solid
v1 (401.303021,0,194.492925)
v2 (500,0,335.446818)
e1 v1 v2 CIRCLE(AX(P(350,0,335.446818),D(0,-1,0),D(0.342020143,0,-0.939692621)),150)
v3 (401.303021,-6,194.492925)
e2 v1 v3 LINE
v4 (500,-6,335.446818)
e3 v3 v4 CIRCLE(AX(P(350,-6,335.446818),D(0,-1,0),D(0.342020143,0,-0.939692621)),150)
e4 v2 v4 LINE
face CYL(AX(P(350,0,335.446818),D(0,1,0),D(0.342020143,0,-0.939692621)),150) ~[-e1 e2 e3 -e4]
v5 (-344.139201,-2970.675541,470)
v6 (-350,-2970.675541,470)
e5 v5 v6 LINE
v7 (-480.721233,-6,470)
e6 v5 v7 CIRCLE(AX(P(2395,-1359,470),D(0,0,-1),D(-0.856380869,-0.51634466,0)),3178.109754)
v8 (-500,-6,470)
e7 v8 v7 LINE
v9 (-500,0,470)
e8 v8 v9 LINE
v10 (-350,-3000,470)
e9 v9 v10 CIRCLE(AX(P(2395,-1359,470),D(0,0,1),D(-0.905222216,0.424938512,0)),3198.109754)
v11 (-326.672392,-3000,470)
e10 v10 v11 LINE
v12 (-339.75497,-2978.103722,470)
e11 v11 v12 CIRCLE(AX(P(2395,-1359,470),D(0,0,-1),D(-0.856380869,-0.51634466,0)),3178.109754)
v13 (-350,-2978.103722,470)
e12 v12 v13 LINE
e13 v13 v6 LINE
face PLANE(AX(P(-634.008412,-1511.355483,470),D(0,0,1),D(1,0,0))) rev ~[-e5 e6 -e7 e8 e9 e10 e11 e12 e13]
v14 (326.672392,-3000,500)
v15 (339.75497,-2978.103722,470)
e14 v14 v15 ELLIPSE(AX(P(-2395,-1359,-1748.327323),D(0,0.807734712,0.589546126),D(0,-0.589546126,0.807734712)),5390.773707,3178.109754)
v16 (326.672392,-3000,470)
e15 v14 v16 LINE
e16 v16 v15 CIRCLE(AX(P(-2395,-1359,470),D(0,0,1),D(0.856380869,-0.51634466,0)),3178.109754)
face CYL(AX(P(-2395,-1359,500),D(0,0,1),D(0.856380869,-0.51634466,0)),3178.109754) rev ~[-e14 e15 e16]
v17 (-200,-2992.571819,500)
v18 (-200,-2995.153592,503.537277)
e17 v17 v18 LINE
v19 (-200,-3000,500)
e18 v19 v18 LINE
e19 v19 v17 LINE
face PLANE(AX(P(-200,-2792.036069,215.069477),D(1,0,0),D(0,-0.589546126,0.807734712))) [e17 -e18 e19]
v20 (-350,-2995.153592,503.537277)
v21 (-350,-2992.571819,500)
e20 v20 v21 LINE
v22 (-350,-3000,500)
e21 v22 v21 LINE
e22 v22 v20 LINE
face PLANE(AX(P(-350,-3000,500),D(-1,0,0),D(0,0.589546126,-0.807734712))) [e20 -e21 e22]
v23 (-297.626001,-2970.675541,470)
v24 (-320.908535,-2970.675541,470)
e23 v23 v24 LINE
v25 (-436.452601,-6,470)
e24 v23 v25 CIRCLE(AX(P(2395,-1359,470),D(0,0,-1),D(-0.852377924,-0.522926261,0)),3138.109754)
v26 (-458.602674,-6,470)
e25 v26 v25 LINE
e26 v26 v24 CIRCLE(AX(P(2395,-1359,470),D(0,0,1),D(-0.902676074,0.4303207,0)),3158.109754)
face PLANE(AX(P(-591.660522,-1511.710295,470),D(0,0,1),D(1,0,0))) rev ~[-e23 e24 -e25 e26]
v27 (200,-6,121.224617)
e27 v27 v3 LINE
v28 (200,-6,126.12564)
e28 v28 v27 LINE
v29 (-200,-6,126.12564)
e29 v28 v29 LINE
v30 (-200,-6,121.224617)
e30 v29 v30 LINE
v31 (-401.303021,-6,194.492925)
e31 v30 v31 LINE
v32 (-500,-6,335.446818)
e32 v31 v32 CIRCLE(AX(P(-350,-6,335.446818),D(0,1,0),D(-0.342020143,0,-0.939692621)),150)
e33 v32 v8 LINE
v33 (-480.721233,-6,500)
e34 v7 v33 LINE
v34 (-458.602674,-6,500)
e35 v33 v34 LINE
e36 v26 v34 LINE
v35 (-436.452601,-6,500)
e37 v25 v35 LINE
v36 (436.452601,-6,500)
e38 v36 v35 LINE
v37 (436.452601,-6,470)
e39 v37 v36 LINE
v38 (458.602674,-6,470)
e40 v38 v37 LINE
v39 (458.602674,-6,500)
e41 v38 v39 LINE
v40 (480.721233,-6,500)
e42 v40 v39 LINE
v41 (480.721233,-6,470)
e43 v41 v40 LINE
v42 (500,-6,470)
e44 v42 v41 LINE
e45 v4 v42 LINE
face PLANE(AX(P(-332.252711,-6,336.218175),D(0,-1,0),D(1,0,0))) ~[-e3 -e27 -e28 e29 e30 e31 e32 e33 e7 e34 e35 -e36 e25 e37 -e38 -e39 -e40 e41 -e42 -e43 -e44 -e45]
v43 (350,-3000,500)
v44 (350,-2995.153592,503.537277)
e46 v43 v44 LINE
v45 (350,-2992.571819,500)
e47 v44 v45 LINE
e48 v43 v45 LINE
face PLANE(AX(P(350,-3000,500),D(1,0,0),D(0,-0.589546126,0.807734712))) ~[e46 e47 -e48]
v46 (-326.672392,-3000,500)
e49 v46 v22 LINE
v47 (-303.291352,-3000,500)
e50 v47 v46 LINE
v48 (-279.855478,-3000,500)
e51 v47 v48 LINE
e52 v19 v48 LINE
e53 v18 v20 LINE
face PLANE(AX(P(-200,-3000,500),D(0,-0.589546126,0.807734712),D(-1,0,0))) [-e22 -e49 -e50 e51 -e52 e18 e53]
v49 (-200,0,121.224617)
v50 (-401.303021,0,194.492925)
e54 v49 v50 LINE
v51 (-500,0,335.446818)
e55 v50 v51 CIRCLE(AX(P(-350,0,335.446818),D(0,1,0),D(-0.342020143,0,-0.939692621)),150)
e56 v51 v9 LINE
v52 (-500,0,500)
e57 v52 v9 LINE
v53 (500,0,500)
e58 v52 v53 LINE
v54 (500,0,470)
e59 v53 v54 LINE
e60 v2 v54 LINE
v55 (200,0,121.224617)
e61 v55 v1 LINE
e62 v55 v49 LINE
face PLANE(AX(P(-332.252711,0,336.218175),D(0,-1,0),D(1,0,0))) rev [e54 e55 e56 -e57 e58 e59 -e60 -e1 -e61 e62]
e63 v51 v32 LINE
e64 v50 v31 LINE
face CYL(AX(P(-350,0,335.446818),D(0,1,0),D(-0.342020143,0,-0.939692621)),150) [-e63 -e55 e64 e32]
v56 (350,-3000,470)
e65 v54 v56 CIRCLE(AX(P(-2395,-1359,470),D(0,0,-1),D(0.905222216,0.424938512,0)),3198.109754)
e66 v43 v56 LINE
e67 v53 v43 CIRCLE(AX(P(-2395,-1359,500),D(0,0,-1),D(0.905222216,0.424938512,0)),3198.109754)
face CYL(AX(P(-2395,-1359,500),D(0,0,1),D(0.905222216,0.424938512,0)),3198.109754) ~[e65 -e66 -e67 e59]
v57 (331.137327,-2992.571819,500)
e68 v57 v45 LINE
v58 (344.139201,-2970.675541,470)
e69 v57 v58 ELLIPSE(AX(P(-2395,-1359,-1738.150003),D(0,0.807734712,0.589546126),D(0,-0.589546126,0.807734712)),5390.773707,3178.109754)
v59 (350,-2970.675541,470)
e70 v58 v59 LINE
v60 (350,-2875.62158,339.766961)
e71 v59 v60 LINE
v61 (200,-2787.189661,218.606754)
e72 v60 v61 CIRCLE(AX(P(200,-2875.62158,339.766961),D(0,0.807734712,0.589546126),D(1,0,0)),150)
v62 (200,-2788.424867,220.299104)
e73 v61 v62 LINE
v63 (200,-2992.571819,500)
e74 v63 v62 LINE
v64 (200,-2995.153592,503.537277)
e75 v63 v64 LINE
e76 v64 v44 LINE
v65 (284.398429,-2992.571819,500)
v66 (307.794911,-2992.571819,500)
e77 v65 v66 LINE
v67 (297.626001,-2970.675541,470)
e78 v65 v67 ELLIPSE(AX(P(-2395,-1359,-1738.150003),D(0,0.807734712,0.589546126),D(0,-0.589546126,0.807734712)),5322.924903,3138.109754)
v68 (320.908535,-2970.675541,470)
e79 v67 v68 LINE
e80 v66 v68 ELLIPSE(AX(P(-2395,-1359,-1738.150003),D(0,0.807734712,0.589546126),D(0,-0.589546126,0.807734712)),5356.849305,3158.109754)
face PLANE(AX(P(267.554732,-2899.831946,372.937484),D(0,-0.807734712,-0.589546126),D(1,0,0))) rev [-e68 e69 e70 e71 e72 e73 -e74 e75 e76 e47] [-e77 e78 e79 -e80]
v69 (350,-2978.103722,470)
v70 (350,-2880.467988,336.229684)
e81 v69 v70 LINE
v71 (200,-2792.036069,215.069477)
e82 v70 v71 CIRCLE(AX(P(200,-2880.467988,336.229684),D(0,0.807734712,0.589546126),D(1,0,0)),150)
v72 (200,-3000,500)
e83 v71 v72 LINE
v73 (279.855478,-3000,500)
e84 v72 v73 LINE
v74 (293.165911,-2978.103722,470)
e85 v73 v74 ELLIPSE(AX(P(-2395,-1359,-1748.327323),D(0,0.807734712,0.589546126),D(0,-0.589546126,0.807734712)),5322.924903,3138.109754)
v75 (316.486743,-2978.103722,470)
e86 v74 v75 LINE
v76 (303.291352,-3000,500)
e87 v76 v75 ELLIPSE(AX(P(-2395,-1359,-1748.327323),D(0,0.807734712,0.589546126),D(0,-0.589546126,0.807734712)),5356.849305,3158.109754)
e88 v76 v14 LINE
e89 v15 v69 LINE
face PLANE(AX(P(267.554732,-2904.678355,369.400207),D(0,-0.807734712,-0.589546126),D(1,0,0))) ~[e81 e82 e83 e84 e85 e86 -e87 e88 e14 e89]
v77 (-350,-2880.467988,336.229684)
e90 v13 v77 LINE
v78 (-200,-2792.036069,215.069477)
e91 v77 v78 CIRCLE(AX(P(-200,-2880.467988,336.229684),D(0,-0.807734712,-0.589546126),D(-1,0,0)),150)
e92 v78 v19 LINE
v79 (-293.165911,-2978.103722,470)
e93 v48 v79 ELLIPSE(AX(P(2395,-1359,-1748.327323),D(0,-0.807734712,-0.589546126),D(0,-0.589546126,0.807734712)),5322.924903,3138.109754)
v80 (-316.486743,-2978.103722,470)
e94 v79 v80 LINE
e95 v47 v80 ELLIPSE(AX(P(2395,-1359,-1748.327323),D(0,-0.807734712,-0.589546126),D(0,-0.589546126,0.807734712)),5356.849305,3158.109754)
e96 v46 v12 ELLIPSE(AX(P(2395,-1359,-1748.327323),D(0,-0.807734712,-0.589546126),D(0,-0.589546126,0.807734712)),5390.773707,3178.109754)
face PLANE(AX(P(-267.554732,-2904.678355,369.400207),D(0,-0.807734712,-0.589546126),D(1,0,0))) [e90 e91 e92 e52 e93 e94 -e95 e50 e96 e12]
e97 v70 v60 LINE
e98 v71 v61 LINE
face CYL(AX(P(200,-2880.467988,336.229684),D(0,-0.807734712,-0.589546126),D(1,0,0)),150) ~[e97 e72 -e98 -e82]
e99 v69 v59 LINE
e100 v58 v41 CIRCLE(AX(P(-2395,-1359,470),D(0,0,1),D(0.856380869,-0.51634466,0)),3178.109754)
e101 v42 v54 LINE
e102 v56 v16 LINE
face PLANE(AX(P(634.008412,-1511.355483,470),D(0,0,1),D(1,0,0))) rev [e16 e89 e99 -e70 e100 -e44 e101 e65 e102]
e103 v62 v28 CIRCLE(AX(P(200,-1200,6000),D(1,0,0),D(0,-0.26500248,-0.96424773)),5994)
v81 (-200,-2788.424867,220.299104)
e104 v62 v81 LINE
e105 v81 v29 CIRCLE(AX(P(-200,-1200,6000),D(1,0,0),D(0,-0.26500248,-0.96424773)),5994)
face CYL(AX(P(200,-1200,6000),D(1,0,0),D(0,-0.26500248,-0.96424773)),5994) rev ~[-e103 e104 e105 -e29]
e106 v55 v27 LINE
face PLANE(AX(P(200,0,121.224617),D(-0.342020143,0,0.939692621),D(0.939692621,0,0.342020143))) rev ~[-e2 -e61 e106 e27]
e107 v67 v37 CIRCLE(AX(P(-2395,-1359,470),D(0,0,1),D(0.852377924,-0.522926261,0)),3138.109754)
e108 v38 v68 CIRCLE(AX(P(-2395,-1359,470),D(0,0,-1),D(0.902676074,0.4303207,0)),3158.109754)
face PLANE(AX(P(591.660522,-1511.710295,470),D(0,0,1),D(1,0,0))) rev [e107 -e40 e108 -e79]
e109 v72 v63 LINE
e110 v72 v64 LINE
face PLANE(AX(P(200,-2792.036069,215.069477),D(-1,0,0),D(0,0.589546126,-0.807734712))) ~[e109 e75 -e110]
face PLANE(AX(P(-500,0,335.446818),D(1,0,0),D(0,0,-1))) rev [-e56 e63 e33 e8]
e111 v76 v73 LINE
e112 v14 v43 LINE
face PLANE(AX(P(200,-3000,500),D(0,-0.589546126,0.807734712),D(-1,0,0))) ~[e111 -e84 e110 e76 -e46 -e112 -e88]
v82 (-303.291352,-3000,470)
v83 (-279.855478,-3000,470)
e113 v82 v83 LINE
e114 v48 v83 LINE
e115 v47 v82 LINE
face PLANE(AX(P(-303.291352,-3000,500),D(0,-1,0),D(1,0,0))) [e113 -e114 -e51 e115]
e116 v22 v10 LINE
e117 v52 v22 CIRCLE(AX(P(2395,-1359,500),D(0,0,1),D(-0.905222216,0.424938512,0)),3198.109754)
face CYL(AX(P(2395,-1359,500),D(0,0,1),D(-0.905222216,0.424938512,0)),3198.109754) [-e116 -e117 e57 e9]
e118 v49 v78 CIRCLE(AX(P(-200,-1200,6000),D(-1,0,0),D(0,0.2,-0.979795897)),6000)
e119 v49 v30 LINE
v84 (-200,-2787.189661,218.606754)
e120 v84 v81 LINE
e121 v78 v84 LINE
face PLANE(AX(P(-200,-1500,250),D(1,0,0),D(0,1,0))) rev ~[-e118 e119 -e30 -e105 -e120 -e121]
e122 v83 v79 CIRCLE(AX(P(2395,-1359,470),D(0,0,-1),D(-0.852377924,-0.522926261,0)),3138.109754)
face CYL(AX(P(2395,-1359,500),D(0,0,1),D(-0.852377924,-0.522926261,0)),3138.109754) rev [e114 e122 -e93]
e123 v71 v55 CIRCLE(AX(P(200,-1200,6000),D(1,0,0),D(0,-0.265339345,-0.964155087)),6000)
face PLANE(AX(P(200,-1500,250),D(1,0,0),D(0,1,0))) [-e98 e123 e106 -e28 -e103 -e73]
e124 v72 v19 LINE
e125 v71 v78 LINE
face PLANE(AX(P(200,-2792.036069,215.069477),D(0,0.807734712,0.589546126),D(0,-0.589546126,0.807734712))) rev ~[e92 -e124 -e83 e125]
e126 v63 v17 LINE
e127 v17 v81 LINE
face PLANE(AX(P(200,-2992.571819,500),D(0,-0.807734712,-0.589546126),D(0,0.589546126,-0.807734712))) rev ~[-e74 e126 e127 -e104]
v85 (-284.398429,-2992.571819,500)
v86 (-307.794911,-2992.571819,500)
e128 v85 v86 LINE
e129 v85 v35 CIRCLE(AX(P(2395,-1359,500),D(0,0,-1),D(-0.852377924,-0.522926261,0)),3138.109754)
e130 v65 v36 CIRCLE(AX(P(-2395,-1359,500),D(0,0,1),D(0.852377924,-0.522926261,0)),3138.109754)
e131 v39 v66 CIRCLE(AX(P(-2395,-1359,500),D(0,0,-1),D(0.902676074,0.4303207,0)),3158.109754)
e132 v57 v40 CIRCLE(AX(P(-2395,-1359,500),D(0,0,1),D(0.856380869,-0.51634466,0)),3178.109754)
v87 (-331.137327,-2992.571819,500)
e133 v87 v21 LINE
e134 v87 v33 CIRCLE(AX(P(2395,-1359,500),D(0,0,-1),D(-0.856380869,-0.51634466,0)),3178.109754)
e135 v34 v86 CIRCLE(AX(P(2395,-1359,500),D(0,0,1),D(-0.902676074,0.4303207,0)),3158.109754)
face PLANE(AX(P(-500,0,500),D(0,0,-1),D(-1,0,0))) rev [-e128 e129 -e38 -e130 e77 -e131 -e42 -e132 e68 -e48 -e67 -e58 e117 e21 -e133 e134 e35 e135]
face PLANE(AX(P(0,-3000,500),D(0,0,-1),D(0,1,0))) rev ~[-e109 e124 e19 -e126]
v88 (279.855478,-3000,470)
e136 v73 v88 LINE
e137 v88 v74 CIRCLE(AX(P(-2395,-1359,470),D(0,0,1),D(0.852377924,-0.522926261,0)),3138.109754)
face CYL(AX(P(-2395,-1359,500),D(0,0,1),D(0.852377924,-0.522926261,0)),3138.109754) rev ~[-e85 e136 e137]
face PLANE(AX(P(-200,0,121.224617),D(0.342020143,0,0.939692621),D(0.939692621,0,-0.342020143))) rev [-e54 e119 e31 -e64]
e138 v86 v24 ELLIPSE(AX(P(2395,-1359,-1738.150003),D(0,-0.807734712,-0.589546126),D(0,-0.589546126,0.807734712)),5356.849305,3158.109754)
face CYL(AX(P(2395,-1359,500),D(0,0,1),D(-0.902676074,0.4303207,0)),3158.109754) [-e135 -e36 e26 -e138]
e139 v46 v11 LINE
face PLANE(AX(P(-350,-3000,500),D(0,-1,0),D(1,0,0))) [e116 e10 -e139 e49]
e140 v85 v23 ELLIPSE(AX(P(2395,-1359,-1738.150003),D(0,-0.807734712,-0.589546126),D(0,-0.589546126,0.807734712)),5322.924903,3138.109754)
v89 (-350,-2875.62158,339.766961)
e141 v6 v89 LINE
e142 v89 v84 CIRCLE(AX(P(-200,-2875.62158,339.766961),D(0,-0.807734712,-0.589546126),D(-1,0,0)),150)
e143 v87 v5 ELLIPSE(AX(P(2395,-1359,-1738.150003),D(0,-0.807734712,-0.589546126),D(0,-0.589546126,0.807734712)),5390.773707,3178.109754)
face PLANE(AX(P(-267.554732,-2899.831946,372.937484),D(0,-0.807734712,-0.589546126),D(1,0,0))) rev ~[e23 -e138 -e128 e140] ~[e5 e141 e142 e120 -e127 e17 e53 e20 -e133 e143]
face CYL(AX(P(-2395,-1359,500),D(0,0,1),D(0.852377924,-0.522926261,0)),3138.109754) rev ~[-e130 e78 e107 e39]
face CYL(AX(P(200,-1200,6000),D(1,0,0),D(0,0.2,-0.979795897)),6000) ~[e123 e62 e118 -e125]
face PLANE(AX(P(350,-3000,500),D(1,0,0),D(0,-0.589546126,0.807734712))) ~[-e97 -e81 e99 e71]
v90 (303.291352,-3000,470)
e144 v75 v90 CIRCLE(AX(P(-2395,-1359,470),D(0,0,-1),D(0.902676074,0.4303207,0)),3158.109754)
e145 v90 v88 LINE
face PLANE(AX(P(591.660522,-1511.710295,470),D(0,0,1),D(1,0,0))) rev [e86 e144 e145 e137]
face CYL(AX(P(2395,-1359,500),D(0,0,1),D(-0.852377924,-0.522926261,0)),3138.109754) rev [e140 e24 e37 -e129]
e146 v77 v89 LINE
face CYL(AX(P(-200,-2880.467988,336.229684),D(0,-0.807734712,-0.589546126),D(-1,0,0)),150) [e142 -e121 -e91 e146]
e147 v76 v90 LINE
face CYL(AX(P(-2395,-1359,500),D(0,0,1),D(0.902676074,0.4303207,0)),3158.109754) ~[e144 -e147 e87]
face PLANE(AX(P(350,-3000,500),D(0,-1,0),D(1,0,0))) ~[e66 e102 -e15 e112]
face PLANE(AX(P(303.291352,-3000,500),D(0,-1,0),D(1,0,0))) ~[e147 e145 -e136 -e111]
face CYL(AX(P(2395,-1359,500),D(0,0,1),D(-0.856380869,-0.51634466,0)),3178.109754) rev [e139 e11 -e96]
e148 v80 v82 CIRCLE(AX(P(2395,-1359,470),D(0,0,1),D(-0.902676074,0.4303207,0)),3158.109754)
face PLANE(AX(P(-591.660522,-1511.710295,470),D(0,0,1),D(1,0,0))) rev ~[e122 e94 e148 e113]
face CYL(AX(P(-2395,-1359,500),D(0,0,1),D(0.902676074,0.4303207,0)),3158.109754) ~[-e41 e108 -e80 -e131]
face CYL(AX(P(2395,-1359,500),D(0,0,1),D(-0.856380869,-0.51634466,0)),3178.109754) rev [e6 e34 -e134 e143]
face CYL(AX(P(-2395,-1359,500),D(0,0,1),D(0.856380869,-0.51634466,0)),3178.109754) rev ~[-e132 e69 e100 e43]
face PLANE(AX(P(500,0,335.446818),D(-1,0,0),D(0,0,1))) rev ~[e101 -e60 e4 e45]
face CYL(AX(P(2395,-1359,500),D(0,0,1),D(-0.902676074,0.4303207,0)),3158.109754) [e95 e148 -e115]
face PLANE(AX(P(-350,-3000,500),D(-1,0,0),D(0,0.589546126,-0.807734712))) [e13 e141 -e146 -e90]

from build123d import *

# Parameters (mm, degrees)
F0_W           = 3000
F0_H           = 500
F1_DEPTH       = 200
F1_DEPTH_BACK  = 200
F3_DEPTH       = 400.001
F5_DEPTH       = 400.001
F26_DEPTH      = 6
F29_DEPTH      = 30
F32_DEPTH      = 6
F35_DEPTH      = 25
F35_DEPTH_BACK = 10


with BuildPart() as f1:
    # F0 (on Right) → F1 (new body, two sides)
    with BuildSketch(Plane.YZ) as f1_sk:
        with Locations((-1500, 250)):
            Rectangle(F0_W, F0_H)
    extrude(amount=F1_DEPTH)
    extrude(f1_sk.sketch, amount=-F1_DEPTH_BACK)

    # F2 (on face) → F3 (cut, through all)
    with BuildSketch(Plane.YZ.offset(200)):
        with BuildLine():
            Line((-3000, 0), (-1199.9999999986, 0))
            ThreePointArc((-1199.9999999986, 0), (-2003.2486734251, 54.0104634602), (-2792.036069143, 215.0694771201))
            Line((-2792.036069143, 215.0694771201), (-3000, 500))
            Line((-3000, 500), (-3000, 0))
        make_face()
        with BuildLine():
            Line((-1199.9999999986, 0), (0, 0))
            Line((0, 0), (0, 121.2246173204))
            ThreePointArc((0, 121.2246173204), (-596.9462279681, 30.3830819693), (-1199.9999999986, 0))
        make_face()
    extrude(amount=-F3_DEPTH, mode=Mode.SUBTRACT)

    # F4 (on face) → F5 (cut, through all)
    with BuildSketch(Plane.YZ.offset(200)):
        with BuildLine():
            Line((-2992.5718185587, 500), (-2788.4248667868, 220.2991044022))
            ThreePointArc((-2788.4248667868, 220.2991044022), (-1402.7557748773, 9.4302361333), (-6, 126.1256397502))
            Line((-6, 126.1256397502), (-6, 500))
            Line((-6, 500), (-2992.5718185587, 500))
        make_face()
    extrude(amount=-F5_DEPTH, mode=Mode.SUBTRACT)

    # F25 (on face) → F26 (join)
    with BuildSketch(Plane(origin=(0, -1719.2076616053, -1254.8082938014), x_dir=(1, 0, 0), z_dir=(0, -0.8077347124, -0.5895461258))):
        with BuildLine():
            ThreePointArc((-350, 1969.7531298143), (-306.066017178, 1863.6871126364), (-200, 1819.7531298143))
            Line((-200, 1819.7531298143), (-200, 2172.5057334987))
            Line((-200, 2172.5057334987), (-350, 2172.5057334987))
            Line((-350, 2172.5057334987), (-350, 1969.7531298143))
        make_face()
    extrude(amount=-F26_DEPTH)

    # F27: F1 across plane


with BuildPart() as f1_1:
    add(f1.part)
    add(f1.part.mirror(Plane.YZ))

    # F28 (on offset) → F29 (join)
    with BuildSketch(Plane.XY.offset(500)):
        with BuildLine():
            ThreePointArc((-279.8554782444, -3000), (-738.9981172291, -1519.5883890542), (-433.5777043409, 0))
            Line((-433.5777043409, 0), (-455.7501152614, 0))
            ThreePointArc((-455.7501152614, 0), (-759.0395211586, -1519.2869883443), (-303.291351886, -3000))
            Line((-303.291351886, -3000), (-279.8554782444, -3000))
        make_face()
        with BuildLine():
            Line((-477.8906365943, 0), (-500, 0))
            ThreePointArc((-500, 0), (-799.1195970095, -1518.7059798505), (-350, -3000))
            Line((-350, -3000), (-326.6723920839, -3000))
            ThreePointArc((-326.6723920839, -3000), (-647.2242800034, -2278.3764408495), (-779.9804109366, -1500))
            ThreePointArc((-779.9804109366, -1500), (-720.5554965192, -731.5483620704), (-477.8906365943, 0))
        make_face()
    extrude(amount=-F29_DEPTH)

    # F30: F1 across plane


with BuildPart() as f1_2:
    add(f1_1.part)
    add(f1_1.part.mirror(Plane.YZ))

    # F31 (on Front) → F32 (join)
    with BuildSketch(Plane.XZ):
        with BuildLine():
            Line((200, 500), (200, 121.2246173204))
            Line((200, 121.2246173204), (401.3030214989, 194.4929252138))
            ThreePointArc((401.3030214989, 194.4929252138), (472.8728066433, 249.410352879), (500, 335.4468183317))
            Line((500, 335.4468183317), (500, 470))
            Line((500, 470), (500, 500))
            Line((500, 500), (200, 500))
        make_face()
    extrude(amount=F32_DEPTH)

    # F33: F1 across plane


with BuildPart() as f1_3:
    add(f1_2.part)
    add(f1_2.part.mirror(Plane.YZ))


with BuildPart() as f35:
    # F34 (on offset) → F35 (new body, two sides)
    with BuildSketch(Plane.XZ.offset(2000)) as f35_sk:
        with BuildLine():
            Line((-200, 6), (-100, 6))
            Line((-100, 6), (-100, 26))
            Line((-100, 26), (-200, 26))
            ThreePointArc((-200, 26), (-222.5742630967, 27.9749921084), (-244.4626186323, 33.8399592978))
            Line((-244.4626186323, 33.8399592978), (-697.5723728465, 198.7584226875))
            ThreePointArc((-697.5723728465, 198.7584226875), (-759.5995199718, 246.353526664), (-783.1097542142, 320.9184633896))
            Line((-783.1097542142, 320.9184633896), (-783.1097542142, 500))
            Line((-783.1097542142, 500), (-803.1097542142, 500))
            Line((-803.1097542142, 500), (-803.1097542142, 470))
            Line((-803.1097542142, 470), (-803.1097542142, 320.9184633896))
            ThreePointArc((-803.1097542142, 320.9184633896), (-775.9825608575, 234.881997937), (-704.412775713, 179.9645702718))
            Line((-704.412775713, 179.9645702718), (-251.3030214989, 15.0461068821))
            ThreePointArc((-251.3030214989, 15.0461068821), (-226.04722665, 8.2788370482), (-200, 6))
        make_face()
    extrude(amount=F35_DEPTH)
    extrude(f35_sk.sketch, amount=-F35_DEPTH_BACK)


solid = f1_3.part
